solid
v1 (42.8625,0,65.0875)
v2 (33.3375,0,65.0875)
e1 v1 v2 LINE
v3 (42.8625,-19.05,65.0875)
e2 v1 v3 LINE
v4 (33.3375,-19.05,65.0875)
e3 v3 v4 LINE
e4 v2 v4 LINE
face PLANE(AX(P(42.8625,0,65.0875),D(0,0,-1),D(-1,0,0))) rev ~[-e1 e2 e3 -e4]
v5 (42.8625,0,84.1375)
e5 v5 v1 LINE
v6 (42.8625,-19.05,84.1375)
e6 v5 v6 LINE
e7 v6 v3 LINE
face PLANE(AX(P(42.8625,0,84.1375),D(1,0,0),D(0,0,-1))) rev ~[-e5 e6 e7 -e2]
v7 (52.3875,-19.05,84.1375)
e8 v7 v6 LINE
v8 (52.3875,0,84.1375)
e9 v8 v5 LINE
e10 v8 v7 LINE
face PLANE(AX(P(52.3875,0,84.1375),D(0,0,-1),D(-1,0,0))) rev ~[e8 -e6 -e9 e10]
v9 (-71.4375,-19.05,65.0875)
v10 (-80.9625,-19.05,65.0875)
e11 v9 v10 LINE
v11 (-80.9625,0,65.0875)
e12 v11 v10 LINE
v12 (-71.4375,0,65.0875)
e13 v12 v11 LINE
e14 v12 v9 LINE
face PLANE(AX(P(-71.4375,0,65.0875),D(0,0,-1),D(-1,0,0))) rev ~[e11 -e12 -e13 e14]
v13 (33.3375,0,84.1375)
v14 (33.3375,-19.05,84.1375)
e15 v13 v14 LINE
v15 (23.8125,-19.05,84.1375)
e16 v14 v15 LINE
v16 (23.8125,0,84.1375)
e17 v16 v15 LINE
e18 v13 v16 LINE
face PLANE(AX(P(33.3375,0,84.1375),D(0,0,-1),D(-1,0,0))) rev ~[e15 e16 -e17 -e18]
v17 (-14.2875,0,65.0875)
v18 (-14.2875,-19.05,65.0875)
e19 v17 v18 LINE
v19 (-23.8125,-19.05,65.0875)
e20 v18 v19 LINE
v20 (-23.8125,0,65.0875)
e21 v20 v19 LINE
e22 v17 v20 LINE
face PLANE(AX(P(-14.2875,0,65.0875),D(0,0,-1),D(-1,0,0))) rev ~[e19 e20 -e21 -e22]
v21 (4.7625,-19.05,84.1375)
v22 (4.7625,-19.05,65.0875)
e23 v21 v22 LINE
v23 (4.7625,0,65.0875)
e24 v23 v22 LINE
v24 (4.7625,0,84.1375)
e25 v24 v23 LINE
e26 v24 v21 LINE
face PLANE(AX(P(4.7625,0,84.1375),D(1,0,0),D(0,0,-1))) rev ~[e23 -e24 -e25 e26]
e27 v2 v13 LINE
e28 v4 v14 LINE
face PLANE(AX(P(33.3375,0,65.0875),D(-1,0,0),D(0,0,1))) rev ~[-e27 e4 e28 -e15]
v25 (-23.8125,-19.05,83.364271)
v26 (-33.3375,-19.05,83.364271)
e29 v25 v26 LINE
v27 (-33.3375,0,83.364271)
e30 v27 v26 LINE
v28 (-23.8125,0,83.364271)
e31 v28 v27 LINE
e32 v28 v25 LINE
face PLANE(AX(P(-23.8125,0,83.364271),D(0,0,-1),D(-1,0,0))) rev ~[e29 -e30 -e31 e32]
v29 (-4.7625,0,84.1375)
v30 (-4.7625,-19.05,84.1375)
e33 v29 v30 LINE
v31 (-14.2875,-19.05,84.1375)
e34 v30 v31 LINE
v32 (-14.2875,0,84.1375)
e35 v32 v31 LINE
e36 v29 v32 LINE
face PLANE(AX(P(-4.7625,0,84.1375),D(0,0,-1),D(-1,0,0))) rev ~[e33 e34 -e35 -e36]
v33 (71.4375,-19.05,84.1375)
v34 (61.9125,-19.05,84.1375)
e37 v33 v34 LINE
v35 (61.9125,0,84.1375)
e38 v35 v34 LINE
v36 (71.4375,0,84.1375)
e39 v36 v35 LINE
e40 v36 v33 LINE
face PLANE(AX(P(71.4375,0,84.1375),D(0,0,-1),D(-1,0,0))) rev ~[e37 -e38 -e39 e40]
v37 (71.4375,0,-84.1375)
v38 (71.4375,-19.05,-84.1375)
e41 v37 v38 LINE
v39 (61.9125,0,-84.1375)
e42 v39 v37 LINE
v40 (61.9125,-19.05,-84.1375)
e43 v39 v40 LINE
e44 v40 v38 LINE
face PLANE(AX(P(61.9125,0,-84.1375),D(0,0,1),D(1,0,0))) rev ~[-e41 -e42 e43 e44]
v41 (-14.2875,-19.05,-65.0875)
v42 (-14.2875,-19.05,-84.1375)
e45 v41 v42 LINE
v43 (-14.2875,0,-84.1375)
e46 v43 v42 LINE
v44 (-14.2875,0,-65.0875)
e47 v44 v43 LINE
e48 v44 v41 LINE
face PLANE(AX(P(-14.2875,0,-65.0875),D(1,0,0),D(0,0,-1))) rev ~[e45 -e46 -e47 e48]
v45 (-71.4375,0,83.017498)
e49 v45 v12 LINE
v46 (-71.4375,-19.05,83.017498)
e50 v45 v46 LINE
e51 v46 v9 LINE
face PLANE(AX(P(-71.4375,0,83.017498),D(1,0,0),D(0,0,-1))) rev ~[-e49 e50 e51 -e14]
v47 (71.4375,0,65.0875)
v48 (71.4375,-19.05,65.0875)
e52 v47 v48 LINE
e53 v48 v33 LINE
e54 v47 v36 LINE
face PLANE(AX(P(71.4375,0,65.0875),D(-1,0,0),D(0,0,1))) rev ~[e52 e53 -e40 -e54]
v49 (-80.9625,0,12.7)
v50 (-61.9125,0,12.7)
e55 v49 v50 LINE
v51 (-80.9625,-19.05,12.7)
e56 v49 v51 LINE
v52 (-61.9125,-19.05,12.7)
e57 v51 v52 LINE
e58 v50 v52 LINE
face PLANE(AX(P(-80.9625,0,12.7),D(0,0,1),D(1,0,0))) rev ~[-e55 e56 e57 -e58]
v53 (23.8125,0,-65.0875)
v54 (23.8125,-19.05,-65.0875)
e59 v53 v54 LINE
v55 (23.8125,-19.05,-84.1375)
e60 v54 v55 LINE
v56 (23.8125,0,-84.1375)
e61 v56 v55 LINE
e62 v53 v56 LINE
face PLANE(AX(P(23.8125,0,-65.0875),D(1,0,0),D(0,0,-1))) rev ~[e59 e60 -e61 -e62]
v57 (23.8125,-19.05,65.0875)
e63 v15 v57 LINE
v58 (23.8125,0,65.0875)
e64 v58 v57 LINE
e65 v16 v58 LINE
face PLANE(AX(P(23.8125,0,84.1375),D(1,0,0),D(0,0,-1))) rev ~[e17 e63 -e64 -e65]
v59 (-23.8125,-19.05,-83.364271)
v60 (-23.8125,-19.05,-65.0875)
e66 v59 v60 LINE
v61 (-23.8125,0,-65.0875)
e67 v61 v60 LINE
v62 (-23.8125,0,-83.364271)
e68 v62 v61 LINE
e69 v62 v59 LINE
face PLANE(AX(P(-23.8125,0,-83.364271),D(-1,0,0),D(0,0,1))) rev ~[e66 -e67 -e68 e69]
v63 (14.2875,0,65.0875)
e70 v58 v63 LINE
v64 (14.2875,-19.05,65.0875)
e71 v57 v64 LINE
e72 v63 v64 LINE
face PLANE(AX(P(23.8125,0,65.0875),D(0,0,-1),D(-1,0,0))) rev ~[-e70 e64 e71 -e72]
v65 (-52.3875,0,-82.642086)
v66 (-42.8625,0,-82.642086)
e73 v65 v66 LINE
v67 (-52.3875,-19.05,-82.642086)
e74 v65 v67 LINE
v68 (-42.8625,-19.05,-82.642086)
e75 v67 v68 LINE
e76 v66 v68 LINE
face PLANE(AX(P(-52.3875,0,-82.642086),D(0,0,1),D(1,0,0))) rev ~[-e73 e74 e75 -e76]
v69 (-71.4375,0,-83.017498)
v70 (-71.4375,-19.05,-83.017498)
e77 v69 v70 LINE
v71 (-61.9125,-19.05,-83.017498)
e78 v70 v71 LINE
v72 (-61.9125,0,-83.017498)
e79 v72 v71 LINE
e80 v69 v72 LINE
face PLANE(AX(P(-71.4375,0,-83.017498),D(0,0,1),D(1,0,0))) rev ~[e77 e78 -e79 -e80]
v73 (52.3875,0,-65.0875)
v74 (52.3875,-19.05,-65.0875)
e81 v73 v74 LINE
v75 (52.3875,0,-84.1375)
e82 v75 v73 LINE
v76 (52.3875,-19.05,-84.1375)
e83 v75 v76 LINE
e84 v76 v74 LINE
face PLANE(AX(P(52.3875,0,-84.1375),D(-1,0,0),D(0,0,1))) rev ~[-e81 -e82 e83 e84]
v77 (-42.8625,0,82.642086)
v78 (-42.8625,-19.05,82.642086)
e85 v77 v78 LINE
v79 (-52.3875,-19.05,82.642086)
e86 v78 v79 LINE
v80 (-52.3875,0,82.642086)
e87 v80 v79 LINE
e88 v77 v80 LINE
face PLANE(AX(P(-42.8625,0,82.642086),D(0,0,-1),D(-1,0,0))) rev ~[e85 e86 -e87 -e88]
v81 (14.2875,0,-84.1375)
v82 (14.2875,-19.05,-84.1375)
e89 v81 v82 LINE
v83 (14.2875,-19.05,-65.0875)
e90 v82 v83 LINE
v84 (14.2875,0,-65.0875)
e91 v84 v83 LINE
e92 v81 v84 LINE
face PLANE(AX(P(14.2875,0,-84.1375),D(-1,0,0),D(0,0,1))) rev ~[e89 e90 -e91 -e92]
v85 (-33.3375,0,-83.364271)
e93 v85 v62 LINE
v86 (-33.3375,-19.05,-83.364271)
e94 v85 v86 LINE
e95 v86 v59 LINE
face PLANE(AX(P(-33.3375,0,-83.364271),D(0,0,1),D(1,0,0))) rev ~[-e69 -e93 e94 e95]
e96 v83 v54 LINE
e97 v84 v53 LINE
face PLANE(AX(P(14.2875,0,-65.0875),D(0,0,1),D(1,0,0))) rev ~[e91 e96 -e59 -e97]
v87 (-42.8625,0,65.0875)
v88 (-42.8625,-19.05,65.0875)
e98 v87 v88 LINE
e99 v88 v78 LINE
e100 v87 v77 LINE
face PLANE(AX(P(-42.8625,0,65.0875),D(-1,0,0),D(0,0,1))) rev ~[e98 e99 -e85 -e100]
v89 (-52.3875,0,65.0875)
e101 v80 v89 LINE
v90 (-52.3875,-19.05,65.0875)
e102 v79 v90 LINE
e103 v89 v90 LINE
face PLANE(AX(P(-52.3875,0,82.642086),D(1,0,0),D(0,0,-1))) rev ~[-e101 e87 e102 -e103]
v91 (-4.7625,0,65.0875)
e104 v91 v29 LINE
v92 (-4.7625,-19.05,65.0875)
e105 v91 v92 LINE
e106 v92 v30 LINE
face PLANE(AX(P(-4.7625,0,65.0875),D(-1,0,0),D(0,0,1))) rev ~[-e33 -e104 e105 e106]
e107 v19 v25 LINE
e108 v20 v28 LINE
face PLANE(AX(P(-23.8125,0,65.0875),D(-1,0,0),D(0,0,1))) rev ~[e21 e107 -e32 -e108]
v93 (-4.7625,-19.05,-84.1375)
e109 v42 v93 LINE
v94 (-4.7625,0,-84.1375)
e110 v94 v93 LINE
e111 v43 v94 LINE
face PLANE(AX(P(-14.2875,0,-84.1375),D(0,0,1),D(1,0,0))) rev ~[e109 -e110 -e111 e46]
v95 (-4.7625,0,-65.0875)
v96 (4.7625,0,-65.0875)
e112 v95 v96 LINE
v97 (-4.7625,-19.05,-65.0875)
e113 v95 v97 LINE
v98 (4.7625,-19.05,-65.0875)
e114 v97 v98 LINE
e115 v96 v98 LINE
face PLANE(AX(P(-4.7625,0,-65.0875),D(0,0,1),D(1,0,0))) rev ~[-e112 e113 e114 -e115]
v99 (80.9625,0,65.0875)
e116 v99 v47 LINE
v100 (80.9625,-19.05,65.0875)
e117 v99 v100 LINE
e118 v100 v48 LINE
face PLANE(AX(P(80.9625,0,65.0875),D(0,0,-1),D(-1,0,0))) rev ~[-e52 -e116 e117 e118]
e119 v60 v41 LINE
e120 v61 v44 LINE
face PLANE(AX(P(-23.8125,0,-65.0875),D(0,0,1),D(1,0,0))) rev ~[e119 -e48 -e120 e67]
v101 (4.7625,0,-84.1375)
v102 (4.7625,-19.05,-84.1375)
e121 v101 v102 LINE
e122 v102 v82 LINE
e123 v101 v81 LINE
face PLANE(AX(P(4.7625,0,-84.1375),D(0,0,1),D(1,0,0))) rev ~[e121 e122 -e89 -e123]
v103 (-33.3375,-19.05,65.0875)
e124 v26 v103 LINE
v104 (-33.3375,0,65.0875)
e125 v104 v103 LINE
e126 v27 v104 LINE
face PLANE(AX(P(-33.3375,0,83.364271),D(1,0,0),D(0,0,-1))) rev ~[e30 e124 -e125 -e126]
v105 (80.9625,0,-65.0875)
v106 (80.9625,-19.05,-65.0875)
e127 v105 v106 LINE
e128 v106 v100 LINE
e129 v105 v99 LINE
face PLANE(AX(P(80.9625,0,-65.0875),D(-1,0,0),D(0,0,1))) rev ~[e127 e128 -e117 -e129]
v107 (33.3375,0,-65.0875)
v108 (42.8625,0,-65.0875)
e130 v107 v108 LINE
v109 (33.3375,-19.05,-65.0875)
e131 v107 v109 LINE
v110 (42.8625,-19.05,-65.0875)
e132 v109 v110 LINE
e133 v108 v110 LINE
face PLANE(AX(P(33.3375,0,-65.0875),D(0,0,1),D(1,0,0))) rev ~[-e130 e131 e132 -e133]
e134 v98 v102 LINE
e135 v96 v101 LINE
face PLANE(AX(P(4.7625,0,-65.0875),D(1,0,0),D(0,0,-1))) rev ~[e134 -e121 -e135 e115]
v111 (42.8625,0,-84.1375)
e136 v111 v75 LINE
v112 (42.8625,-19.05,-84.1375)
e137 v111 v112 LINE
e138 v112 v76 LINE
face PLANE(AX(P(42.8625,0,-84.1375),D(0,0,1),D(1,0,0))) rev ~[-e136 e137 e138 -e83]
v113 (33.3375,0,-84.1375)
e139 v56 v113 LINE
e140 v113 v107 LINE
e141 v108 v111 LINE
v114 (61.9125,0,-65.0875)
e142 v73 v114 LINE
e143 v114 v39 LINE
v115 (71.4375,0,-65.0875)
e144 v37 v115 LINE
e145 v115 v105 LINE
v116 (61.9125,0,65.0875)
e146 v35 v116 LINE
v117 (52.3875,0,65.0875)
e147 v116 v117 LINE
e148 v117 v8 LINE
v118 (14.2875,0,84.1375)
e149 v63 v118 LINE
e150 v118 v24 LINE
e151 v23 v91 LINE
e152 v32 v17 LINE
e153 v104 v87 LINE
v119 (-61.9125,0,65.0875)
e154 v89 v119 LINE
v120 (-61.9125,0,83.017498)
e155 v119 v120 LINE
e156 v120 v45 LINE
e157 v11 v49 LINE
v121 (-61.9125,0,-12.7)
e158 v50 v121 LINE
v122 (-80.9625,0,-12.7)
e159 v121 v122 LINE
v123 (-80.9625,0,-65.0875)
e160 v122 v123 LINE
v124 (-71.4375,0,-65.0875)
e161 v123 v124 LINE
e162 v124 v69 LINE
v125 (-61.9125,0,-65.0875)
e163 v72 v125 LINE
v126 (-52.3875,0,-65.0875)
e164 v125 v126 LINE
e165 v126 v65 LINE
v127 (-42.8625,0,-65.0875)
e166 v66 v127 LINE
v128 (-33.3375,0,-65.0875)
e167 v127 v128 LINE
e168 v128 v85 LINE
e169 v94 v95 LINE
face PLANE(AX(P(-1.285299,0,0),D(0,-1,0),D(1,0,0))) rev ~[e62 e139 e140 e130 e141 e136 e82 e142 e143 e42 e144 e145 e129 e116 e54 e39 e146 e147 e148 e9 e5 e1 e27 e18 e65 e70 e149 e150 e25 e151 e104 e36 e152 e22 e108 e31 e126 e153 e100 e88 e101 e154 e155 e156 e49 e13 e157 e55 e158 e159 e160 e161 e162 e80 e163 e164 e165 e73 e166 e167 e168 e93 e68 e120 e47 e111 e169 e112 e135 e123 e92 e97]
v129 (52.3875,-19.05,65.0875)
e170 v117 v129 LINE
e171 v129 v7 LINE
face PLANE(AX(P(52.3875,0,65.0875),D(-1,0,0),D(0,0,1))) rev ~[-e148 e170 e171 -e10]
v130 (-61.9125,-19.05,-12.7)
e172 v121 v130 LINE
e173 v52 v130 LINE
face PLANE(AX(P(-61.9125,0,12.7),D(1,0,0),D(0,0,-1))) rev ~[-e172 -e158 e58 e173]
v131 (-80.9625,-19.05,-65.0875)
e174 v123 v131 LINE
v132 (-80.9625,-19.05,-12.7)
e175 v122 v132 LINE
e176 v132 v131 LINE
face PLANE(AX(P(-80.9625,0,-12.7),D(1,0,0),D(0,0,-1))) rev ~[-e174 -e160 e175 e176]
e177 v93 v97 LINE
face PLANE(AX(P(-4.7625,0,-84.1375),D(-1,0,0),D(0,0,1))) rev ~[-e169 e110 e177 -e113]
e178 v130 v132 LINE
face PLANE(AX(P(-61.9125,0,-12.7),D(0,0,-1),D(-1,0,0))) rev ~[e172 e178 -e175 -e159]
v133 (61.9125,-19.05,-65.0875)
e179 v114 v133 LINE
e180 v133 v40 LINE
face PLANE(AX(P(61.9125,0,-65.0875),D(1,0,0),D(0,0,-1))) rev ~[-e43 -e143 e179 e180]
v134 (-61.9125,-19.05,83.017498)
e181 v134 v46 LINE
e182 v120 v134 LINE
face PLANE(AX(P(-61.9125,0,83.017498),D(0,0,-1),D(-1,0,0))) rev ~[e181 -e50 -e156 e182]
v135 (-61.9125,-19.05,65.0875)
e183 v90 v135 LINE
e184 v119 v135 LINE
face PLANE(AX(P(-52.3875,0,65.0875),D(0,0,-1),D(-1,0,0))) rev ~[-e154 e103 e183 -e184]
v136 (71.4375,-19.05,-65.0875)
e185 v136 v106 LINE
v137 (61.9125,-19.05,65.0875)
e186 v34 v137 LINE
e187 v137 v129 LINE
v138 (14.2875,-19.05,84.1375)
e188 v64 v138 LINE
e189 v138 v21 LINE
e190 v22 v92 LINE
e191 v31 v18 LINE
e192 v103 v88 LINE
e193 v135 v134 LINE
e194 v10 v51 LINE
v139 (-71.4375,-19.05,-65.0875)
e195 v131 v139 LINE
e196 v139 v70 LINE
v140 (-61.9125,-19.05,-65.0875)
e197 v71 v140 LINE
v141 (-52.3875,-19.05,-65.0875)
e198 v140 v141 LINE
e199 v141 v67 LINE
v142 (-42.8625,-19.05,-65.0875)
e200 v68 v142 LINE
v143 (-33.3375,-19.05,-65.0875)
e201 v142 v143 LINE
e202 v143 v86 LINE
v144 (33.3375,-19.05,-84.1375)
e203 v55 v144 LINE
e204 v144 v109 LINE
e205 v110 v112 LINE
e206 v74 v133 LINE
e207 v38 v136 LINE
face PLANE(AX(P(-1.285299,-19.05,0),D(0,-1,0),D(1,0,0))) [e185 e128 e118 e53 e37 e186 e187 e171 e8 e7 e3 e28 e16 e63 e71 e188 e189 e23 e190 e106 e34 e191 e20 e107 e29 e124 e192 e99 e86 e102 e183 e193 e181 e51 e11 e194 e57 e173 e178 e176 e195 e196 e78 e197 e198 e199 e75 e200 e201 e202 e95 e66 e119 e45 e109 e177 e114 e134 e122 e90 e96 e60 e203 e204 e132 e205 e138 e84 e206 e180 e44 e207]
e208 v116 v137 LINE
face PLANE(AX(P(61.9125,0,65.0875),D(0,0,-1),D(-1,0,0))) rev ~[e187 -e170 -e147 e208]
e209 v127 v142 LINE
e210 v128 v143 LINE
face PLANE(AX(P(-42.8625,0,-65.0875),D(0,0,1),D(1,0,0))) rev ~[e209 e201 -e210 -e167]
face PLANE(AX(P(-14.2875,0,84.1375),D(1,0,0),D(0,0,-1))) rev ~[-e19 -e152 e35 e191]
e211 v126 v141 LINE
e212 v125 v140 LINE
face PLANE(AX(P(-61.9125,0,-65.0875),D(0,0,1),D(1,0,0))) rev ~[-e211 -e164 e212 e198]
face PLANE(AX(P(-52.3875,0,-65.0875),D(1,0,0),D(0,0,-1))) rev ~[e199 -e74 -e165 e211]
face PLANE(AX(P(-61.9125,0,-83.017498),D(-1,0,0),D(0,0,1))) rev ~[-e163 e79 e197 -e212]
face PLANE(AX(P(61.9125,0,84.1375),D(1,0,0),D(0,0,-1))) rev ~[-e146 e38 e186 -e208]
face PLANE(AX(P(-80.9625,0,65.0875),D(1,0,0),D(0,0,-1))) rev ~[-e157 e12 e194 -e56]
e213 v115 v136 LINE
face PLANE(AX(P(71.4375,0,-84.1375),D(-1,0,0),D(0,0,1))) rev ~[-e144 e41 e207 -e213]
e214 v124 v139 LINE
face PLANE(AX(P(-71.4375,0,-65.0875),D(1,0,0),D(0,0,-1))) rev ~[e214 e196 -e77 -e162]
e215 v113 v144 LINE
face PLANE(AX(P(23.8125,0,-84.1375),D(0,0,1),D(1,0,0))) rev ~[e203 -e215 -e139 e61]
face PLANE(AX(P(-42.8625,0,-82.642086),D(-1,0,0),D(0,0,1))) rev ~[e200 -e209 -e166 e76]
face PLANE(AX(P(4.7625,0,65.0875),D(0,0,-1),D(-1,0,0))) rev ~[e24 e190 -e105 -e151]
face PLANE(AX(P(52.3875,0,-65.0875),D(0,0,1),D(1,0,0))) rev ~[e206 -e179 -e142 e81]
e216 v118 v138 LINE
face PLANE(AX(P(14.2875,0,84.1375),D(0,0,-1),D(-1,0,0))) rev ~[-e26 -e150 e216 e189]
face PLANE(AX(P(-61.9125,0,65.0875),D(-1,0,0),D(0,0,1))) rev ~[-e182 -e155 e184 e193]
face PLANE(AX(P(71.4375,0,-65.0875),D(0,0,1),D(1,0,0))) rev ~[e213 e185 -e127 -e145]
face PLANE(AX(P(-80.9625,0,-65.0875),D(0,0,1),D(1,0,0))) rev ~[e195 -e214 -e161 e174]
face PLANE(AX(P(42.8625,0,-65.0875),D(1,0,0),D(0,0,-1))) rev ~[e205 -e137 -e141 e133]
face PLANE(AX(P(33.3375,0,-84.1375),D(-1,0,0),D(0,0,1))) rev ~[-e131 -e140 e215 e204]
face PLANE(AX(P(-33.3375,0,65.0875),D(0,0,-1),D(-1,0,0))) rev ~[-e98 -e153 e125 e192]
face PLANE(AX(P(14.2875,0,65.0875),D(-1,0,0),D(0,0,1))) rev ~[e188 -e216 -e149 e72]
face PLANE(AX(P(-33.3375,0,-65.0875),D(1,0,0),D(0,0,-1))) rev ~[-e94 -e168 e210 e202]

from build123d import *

# Parameters (mm, degrees)
F1_DEPTH = 19.05


with BuildPart() as f1:
    # F0 (on Front) → F1 (new body)
    with BuildSketch(Plane.XZ):
        Polygon((80.9625, -65.0875), (80.9625, 65.0875), (71.4375, 65.0875), (71.4375, 84.1375), (61.9125, 84.1375), (61.9125, 65.0875), (52.3875, 65.0875), (52.3875, 84.1375), (42.8625, 84.1375), (42.8625, 65.0875), (33.3375, 65.0875), (33.3375, 84.1375), (23.8125, 84.1375), (23.8125, 65.0875), (14.2875, 65.0875), (14.2875, 84.1375), (4.7625, 84.1375), (4.7625, 65.0875), (-4.7625, 65.0875), (-4.7625, 84.1375), (-14.2875, 84.1375), (-14.2875, 65.0875), (-23.8125, 65.0875), (-23.8125, 83.364271), (-33.3375, 83.364271), (-33.3375, 65.0875), (-42.8625, 65.0875), (-42.8625, 82.642086), (-52.3875, 82.642086), (-52.3875, 65.0875), (-61.9125, 65.0875), (-61.9125, 83.017498), (-71.4375, 83.017498), (-71.4375, 65.0875), (-80.9625, 65.0875), (-80.9625, 12.7), (-61.9125, 12.7), (-61.9125, -12.7), (-80.9625, -12.7), (-80.9625, -65.0875), (-71.4375, -65.0875), (-71.4375, -83.017498), (-61.9125, -83.017498), (-61.9125, -65.0875), (-52.3875, -65.0875), (-52.3875, -82.642086), (-42.8625, -82.642086), (-42.8625, -65.0875), (-33.3375, -65.0875), (-33.3375, -83.364271), (-23.8125, -83.364271), (-23.8125, -65.0875), (-14.2875, -65.0875), (-14.2875, -84.1375), (-4.7625, -84.1375), (-4.7625, -65.0875), (4.7625, -65.0875), (4.7625, -84.1375), (14.2875, -84.1375), (14.2875, -65.0875), (23.8125, -65.0875), (23.8125, -84.1375), (33.3375, -84.1375), (33.3375, -65.0875), (42.8625, -65.0875), (42.8625, -84.1375), (52.3875, -84.1375), (52.3875, -65.0875), (61.9125, -65.0875), (61.9125, -84.1375), (71.4375, -84.1375), (71.4375, -65.0875), align=None)
    extrude(amount=F1_DEPTH)


solid = f1.part
